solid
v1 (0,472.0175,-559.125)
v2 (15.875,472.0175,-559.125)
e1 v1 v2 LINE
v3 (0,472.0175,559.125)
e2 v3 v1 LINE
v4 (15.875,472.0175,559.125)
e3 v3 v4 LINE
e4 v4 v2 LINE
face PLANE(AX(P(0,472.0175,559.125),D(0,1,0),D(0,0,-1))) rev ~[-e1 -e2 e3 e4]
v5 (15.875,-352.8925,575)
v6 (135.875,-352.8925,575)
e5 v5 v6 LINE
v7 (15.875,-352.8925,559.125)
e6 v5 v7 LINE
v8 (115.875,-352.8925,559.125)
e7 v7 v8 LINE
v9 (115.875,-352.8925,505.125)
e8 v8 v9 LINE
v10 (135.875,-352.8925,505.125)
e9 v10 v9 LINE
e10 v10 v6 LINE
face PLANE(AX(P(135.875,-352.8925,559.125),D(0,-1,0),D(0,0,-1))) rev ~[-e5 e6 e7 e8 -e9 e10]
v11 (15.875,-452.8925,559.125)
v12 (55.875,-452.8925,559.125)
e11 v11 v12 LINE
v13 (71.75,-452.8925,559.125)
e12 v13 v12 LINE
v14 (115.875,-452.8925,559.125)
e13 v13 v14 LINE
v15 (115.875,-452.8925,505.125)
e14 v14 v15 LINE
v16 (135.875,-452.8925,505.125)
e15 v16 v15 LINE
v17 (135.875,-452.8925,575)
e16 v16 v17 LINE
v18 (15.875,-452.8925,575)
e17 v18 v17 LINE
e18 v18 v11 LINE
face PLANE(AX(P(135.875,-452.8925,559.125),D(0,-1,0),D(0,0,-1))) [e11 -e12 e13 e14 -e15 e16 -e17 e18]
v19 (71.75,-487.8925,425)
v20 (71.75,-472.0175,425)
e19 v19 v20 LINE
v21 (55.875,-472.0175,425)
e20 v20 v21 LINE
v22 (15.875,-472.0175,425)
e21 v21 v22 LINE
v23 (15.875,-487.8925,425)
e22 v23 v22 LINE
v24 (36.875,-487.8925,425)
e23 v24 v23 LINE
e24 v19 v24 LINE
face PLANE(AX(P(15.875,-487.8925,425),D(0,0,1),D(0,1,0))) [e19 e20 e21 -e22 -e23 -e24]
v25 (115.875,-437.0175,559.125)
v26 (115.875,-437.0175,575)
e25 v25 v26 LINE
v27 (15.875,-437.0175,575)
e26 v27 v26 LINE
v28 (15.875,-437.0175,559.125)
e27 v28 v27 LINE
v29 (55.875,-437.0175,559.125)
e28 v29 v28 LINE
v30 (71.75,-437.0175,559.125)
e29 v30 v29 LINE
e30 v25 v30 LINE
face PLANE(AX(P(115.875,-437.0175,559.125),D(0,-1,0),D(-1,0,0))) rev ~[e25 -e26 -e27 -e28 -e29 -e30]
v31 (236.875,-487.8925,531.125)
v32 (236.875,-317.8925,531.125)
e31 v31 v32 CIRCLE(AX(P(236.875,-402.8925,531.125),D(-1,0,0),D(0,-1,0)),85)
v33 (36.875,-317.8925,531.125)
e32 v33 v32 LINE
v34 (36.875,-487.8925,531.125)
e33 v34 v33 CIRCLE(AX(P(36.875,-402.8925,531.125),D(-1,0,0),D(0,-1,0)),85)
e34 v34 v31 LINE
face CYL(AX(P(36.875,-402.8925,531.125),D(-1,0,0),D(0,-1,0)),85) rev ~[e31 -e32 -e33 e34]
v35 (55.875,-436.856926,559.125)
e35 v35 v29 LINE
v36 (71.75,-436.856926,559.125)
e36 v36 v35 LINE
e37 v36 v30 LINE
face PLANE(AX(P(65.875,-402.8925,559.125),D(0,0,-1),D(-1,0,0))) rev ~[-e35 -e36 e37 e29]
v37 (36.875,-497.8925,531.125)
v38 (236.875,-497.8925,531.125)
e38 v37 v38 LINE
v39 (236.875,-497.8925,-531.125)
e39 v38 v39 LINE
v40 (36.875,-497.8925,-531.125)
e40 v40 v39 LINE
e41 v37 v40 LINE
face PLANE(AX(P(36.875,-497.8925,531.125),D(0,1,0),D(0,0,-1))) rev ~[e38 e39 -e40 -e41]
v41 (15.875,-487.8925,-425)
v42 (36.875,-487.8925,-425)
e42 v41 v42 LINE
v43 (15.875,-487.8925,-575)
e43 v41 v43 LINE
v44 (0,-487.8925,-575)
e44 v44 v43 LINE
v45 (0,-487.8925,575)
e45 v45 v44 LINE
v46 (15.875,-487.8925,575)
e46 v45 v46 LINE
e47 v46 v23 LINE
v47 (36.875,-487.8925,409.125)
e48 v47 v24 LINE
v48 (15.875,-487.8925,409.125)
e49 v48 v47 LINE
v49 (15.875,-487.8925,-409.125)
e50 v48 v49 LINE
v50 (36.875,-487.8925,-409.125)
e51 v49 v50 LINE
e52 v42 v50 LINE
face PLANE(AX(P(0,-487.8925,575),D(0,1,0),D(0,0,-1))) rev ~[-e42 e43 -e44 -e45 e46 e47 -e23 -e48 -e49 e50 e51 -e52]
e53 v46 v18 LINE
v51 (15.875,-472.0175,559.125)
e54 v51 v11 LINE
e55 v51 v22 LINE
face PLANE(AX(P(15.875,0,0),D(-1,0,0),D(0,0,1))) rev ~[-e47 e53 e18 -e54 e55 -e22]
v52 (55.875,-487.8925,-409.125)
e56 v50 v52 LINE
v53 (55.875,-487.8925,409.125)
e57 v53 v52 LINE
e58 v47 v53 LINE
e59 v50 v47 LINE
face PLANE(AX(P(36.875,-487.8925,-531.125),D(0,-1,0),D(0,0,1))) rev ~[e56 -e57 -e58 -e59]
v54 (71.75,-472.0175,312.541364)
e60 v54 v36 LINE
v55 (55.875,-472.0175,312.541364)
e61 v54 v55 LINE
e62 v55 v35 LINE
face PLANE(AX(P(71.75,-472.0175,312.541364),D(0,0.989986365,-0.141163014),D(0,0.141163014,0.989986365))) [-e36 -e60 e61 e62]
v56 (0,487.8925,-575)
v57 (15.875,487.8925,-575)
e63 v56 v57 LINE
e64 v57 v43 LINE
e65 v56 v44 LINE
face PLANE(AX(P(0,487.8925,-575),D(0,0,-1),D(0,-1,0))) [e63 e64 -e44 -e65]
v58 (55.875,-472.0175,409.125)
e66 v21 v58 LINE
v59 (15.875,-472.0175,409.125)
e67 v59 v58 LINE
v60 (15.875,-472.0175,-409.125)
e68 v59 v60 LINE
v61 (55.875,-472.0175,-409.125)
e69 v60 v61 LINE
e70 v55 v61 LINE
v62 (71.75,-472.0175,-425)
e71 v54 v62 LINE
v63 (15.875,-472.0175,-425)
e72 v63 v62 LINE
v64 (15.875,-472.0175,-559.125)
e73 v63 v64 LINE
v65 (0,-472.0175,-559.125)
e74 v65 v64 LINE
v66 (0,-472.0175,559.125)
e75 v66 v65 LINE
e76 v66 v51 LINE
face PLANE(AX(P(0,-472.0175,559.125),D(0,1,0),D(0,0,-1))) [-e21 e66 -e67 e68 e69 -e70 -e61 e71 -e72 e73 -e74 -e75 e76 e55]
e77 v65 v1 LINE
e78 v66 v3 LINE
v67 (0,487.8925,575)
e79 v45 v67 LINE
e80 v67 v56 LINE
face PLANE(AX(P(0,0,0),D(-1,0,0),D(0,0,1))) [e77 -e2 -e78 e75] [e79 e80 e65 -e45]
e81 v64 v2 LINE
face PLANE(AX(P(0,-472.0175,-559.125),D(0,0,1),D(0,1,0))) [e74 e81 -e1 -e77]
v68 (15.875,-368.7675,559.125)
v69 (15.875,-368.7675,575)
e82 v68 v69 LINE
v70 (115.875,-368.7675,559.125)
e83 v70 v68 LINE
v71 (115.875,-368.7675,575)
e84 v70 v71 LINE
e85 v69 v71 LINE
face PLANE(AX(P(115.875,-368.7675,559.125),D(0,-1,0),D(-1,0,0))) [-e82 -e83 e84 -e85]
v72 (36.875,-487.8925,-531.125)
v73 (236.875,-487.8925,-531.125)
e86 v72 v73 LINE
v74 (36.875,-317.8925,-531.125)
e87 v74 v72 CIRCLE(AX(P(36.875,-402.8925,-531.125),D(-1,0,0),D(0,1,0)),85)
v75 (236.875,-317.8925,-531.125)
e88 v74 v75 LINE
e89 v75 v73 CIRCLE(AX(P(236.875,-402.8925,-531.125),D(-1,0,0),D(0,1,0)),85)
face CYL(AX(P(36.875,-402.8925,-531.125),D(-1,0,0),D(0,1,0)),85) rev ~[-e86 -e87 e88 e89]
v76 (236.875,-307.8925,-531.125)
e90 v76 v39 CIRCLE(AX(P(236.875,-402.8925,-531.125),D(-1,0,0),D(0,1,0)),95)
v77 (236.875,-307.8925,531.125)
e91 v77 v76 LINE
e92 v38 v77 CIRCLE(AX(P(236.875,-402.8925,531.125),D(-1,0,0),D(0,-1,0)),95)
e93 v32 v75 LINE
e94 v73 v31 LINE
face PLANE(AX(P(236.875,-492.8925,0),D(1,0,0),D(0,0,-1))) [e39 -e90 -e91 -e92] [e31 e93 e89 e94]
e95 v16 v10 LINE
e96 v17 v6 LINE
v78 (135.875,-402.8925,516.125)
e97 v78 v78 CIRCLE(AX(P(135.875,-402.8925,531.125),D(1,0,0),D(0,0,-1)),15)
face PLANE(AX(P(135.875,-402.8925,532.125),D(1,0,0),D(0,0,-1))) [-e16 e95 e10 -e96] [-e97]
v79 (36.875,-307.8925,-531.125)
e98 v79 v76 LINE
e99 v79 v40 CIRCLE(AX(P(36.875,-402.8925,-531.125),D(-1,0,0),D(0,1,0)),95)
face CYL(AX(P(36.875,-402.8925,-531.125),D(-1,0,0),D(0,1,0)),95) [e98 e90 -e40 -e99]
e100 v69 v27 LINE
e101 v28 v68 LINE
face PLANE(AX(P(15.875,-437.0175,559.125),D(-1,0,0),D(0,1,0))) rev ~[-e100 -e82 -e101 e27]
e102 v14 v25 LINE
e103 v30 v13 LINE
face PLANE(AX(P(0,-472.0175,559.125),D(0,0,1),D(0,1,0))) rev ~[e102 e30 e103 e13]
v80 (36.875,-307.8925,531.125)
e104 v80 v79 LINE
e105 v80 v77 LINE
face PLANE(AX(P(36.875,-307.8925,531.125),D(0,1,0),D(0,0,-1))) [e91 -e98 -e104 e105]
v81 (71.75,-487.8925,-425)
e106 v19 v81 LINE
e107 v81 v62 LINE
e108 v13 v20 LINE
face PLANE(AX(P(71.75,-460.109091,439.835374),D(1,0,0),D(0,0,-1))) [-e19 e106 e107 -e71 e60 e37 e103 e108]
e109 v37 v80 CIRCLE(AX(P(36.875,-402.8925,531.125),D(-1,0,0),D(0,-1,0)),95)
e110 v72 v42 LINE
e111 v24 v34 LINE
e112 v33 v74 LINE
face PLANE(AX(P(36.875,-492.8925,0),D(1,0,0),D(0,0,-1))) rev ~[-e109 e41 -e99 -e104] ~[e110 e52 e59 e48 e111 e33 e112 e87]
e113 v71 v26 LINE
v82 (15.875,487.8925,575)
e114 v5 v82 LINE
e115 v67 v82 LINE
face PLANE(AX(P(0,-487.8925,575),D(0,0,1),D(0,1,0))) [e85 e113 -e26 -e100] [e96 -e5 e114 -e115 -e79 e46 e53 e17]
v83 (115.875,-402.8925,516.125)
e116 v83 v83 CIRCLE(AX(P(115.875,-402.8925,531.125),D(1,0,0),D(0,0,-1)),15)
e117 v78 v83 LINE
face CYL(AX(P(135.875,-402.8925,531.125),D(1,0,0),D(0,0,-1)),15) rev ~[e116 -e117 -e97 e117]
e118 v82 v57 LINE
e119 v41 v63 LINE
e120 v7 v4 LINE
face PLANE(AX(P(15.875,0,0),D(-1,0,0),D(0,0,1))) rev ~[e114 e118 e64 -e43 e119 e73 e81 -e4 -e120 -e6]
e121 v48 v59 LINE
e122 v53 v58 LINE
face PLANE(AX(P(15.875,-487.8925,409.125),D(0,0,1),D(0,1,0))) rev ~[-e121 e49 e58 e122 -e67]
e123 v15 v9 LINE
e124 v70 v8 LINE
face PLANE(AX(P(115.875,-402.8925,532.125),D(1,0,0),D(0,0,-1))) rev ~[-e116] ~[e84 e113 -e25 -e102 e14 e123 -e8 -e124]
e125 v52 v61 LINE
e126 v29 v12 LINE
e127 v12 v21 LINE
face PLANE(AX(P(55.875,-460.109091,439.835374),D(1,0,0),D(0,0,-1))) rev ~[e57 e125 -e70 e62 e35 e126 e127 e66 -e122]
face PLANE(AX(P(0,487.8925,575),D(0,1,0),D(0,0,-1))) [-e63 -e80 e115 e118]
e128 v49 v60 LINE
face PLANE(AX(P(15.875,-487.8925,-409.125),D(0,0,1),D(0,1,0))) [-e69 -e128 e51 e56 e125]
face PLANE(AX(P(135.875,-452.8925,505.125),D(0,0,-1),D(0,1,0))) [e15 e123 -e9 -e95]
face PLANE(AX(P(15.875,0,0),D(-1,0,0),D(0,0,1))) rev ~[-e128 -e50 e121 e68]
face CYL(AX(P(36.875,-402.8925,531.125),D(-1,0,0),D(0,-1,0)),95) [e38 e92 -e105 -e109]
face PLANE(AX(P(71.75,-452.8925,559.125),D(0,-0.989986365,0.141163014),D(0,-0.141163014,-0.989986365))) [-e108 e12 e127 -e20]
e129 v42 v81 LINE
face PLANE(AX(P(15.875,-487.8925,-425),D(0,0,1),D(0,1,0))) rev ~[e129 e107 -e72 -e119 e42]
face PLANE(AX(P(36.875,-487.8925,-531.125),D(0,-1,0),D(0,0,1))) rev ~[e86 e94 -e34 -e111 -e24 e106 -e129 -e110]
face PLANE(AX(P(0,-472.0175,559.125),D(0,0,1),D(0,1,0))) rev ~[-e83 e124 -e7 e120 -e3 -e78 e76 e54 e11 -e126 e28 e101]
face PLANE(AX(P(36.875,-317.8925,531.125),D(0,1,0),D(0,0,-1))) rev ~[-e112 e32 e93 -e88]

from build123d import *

# Parameters (mm, degrees)
SKETCH1_W           = 1118.25
SKETCH1_H           = 944.035
BOSS_EXTRUDE1_DEPTH = 15.875
SKETCH2_W           = 15.875
SKETCH2_H           = 15.875
BOSS_EXTRUDE2_DEPTH = 55.785
SKETCH3_W           = 15.875
SKETCH3_H           = 15.875
BOSS_EXTRUDE3_DEPTH = 850
EXTRUDE_THIN2_START = 21
SKETCH4_W           = 850
SKETCH4_H           = 10
EXTRUDE_THIN2_DEPTH = 200
SKETCH5_W           = 15.875
SKETCH5_H           = 100
BOSS_EXTRUDE4_DEPTH = 120
SKETCH7_W           = 54
SKETCH7_H           = 100
SKETCH7_R           = 15
BOSS_EXTRUDE5_DEPTH = 20
BOSS_EXTRUDE6_DEPTH = 15.875
SKETCH11_W          = 100
SKETCH11_H          = 68.25
CUT_EXTRUDE1_DEPTH  = 20


with BuildPart() as part:
    # Sketch1 → Boss-Extrude1 (new body)
    with BuildSketch(Plane(origin=(0, 0, 0), x_dir=(0, 0, -1), z_dir=(1, 0, 0))):
        Polygon((-575, -487.8925), (-575, 487.8925), (575, 487.8925), (575, -487.8925), (559.125, -487.8925), (-559.125, -487.8925), align=None)
        Rectangle(SKETCH1_W, SKETCH1_H, mode=Mode.SUBTRACT)
    extrude(amount=BOSS_EXTRUDE1_DEPTH)

    # Sketch2 → Boss-Extrude2 (add)
    with BuildSketch(Plane(origin=(15.875, 0, 0), x_dir=(0, 0, -1), z_dir=(1, 0, 0))):
        with Locations((-417.0625, -479.955)):
            Rectangle(SKETCH2_W, SKETCH2_H)
        with Locations((417.0625, -479.955)):
            Rectangle(SKETCH2_W, SKETCH2_H)
    extrude(amount=BOSS_EXTRUDE2_DEPTH)

    # Sketch3 → Boss-Extrude3 (add)
    with BuildSketch(Plane.XY.offset(425)):
        with Locations((63.8125, -479.955)):
            Rectangle(SKETCH3_W, SKETCH3_H)
    extrude(amount=-BOSS_EXTRUDE3_DEPTH)

    # Sketch4 → Extrude-Thin2 (add)
    with BuildSketch(Plane(origin=(15.875, 0, 0), x_dir=(0, 0, -1), z_dir=(1, 0, 0)).offset(EXTRUDE_THIN2_START)):
        with Locations((0, -492.8925)):
            Rectangle(SKETCH4_W, SKETCH4_H)
        with BuildLine():
            Line((531.125, -497.8925), (-531.125, -497.8925))
            ThreePointArc((-531.125, -497.8925), (-626.125, -402.8925), (-531.125, -307.8925))
            Line((-531.125, -307.8925), (531.125, -307.8925))
            ThreePointArc((531.125, -307.8925), (626.125, -402.8925), (531.125, -497.8925))
        make_face()
        with BuildLine():
            Line((531.125, -487.8925), (-531.125, -487.8925))
            ThreePointArc((-531.125, -487.8925), (-616.125, -402.8925), (-531.125, -317.8925))
            Line((-531.125, -317.8925), (531.125, -317.8925))
            ThreePointArc((531.125, -317.8925), (616.125, -402.8925), (531.125, -487.8925))
        make_face(mode=Mode.SUBTRACT)
    extrude(amount=EXTRUDE_THIN2_DEPTH)

    # Sketch5 → Boss-Extrude4 (add)
    with BuildSketch(Plane(origin=(15.875, 0, 0), x_dir=(0, 0, -1), z_dir=(1, 0, 0))):
        with Locations((-567.0625, -402.8925)):
            Rectangle(SKETCH5_W, SKETCH5_H)
    extrude(amount=BOSS_EXTRUDE4_DEPTH)

    # Sketch7 → Boss-Extrude5 (add)
    with BuildSketch(Plane(origin=(135.875, 0, 0), x_dir=(0, 0, -1), z_dir=(1, 0, 0))):
        with Locations((-532.125, -402.8925)):
            Rectangle(SKETCH7_W, SKETCH7_H)
        with Locations((-531.125, -402.8925)):
            Circle(SKETCH7_R, mode=Mode.SUBTRACT)
    extrude(amount=-BOSS_EXTRUDE5_DEPTH)

    # Sketch9 → Boss-Extrude6 (add)
    with BuildSketch(Plane(origin=(71.75, 0, 0), x_dir=(0, 0, -1), z_dir=(1, 0, 0))):
        Polygon((-425, -472.0175), (-312.541363962, -472.0175), (-559.125, -436.856925616), (-559.125, -452.8925), align=None)
    extrude(amount=-BOSS_EXTRUDE6_DEPTH)

    # Sketch11 → Cut-Extrude1 (cut)
    with BuildSketch(Plane(origin=(0, 0, 559.125), x_dir=(-1, 0, 0), z_dir=(0, 0, -1))):
        with Locations((-65.875, -402.8925)):
            Rectangle(SKETCH11_W, SKETCH11_H)
    extrude(amount=-CUT_EXTRUDE1_DEPTH, mode=Mode.SUBTRACT)


solid = part.part
